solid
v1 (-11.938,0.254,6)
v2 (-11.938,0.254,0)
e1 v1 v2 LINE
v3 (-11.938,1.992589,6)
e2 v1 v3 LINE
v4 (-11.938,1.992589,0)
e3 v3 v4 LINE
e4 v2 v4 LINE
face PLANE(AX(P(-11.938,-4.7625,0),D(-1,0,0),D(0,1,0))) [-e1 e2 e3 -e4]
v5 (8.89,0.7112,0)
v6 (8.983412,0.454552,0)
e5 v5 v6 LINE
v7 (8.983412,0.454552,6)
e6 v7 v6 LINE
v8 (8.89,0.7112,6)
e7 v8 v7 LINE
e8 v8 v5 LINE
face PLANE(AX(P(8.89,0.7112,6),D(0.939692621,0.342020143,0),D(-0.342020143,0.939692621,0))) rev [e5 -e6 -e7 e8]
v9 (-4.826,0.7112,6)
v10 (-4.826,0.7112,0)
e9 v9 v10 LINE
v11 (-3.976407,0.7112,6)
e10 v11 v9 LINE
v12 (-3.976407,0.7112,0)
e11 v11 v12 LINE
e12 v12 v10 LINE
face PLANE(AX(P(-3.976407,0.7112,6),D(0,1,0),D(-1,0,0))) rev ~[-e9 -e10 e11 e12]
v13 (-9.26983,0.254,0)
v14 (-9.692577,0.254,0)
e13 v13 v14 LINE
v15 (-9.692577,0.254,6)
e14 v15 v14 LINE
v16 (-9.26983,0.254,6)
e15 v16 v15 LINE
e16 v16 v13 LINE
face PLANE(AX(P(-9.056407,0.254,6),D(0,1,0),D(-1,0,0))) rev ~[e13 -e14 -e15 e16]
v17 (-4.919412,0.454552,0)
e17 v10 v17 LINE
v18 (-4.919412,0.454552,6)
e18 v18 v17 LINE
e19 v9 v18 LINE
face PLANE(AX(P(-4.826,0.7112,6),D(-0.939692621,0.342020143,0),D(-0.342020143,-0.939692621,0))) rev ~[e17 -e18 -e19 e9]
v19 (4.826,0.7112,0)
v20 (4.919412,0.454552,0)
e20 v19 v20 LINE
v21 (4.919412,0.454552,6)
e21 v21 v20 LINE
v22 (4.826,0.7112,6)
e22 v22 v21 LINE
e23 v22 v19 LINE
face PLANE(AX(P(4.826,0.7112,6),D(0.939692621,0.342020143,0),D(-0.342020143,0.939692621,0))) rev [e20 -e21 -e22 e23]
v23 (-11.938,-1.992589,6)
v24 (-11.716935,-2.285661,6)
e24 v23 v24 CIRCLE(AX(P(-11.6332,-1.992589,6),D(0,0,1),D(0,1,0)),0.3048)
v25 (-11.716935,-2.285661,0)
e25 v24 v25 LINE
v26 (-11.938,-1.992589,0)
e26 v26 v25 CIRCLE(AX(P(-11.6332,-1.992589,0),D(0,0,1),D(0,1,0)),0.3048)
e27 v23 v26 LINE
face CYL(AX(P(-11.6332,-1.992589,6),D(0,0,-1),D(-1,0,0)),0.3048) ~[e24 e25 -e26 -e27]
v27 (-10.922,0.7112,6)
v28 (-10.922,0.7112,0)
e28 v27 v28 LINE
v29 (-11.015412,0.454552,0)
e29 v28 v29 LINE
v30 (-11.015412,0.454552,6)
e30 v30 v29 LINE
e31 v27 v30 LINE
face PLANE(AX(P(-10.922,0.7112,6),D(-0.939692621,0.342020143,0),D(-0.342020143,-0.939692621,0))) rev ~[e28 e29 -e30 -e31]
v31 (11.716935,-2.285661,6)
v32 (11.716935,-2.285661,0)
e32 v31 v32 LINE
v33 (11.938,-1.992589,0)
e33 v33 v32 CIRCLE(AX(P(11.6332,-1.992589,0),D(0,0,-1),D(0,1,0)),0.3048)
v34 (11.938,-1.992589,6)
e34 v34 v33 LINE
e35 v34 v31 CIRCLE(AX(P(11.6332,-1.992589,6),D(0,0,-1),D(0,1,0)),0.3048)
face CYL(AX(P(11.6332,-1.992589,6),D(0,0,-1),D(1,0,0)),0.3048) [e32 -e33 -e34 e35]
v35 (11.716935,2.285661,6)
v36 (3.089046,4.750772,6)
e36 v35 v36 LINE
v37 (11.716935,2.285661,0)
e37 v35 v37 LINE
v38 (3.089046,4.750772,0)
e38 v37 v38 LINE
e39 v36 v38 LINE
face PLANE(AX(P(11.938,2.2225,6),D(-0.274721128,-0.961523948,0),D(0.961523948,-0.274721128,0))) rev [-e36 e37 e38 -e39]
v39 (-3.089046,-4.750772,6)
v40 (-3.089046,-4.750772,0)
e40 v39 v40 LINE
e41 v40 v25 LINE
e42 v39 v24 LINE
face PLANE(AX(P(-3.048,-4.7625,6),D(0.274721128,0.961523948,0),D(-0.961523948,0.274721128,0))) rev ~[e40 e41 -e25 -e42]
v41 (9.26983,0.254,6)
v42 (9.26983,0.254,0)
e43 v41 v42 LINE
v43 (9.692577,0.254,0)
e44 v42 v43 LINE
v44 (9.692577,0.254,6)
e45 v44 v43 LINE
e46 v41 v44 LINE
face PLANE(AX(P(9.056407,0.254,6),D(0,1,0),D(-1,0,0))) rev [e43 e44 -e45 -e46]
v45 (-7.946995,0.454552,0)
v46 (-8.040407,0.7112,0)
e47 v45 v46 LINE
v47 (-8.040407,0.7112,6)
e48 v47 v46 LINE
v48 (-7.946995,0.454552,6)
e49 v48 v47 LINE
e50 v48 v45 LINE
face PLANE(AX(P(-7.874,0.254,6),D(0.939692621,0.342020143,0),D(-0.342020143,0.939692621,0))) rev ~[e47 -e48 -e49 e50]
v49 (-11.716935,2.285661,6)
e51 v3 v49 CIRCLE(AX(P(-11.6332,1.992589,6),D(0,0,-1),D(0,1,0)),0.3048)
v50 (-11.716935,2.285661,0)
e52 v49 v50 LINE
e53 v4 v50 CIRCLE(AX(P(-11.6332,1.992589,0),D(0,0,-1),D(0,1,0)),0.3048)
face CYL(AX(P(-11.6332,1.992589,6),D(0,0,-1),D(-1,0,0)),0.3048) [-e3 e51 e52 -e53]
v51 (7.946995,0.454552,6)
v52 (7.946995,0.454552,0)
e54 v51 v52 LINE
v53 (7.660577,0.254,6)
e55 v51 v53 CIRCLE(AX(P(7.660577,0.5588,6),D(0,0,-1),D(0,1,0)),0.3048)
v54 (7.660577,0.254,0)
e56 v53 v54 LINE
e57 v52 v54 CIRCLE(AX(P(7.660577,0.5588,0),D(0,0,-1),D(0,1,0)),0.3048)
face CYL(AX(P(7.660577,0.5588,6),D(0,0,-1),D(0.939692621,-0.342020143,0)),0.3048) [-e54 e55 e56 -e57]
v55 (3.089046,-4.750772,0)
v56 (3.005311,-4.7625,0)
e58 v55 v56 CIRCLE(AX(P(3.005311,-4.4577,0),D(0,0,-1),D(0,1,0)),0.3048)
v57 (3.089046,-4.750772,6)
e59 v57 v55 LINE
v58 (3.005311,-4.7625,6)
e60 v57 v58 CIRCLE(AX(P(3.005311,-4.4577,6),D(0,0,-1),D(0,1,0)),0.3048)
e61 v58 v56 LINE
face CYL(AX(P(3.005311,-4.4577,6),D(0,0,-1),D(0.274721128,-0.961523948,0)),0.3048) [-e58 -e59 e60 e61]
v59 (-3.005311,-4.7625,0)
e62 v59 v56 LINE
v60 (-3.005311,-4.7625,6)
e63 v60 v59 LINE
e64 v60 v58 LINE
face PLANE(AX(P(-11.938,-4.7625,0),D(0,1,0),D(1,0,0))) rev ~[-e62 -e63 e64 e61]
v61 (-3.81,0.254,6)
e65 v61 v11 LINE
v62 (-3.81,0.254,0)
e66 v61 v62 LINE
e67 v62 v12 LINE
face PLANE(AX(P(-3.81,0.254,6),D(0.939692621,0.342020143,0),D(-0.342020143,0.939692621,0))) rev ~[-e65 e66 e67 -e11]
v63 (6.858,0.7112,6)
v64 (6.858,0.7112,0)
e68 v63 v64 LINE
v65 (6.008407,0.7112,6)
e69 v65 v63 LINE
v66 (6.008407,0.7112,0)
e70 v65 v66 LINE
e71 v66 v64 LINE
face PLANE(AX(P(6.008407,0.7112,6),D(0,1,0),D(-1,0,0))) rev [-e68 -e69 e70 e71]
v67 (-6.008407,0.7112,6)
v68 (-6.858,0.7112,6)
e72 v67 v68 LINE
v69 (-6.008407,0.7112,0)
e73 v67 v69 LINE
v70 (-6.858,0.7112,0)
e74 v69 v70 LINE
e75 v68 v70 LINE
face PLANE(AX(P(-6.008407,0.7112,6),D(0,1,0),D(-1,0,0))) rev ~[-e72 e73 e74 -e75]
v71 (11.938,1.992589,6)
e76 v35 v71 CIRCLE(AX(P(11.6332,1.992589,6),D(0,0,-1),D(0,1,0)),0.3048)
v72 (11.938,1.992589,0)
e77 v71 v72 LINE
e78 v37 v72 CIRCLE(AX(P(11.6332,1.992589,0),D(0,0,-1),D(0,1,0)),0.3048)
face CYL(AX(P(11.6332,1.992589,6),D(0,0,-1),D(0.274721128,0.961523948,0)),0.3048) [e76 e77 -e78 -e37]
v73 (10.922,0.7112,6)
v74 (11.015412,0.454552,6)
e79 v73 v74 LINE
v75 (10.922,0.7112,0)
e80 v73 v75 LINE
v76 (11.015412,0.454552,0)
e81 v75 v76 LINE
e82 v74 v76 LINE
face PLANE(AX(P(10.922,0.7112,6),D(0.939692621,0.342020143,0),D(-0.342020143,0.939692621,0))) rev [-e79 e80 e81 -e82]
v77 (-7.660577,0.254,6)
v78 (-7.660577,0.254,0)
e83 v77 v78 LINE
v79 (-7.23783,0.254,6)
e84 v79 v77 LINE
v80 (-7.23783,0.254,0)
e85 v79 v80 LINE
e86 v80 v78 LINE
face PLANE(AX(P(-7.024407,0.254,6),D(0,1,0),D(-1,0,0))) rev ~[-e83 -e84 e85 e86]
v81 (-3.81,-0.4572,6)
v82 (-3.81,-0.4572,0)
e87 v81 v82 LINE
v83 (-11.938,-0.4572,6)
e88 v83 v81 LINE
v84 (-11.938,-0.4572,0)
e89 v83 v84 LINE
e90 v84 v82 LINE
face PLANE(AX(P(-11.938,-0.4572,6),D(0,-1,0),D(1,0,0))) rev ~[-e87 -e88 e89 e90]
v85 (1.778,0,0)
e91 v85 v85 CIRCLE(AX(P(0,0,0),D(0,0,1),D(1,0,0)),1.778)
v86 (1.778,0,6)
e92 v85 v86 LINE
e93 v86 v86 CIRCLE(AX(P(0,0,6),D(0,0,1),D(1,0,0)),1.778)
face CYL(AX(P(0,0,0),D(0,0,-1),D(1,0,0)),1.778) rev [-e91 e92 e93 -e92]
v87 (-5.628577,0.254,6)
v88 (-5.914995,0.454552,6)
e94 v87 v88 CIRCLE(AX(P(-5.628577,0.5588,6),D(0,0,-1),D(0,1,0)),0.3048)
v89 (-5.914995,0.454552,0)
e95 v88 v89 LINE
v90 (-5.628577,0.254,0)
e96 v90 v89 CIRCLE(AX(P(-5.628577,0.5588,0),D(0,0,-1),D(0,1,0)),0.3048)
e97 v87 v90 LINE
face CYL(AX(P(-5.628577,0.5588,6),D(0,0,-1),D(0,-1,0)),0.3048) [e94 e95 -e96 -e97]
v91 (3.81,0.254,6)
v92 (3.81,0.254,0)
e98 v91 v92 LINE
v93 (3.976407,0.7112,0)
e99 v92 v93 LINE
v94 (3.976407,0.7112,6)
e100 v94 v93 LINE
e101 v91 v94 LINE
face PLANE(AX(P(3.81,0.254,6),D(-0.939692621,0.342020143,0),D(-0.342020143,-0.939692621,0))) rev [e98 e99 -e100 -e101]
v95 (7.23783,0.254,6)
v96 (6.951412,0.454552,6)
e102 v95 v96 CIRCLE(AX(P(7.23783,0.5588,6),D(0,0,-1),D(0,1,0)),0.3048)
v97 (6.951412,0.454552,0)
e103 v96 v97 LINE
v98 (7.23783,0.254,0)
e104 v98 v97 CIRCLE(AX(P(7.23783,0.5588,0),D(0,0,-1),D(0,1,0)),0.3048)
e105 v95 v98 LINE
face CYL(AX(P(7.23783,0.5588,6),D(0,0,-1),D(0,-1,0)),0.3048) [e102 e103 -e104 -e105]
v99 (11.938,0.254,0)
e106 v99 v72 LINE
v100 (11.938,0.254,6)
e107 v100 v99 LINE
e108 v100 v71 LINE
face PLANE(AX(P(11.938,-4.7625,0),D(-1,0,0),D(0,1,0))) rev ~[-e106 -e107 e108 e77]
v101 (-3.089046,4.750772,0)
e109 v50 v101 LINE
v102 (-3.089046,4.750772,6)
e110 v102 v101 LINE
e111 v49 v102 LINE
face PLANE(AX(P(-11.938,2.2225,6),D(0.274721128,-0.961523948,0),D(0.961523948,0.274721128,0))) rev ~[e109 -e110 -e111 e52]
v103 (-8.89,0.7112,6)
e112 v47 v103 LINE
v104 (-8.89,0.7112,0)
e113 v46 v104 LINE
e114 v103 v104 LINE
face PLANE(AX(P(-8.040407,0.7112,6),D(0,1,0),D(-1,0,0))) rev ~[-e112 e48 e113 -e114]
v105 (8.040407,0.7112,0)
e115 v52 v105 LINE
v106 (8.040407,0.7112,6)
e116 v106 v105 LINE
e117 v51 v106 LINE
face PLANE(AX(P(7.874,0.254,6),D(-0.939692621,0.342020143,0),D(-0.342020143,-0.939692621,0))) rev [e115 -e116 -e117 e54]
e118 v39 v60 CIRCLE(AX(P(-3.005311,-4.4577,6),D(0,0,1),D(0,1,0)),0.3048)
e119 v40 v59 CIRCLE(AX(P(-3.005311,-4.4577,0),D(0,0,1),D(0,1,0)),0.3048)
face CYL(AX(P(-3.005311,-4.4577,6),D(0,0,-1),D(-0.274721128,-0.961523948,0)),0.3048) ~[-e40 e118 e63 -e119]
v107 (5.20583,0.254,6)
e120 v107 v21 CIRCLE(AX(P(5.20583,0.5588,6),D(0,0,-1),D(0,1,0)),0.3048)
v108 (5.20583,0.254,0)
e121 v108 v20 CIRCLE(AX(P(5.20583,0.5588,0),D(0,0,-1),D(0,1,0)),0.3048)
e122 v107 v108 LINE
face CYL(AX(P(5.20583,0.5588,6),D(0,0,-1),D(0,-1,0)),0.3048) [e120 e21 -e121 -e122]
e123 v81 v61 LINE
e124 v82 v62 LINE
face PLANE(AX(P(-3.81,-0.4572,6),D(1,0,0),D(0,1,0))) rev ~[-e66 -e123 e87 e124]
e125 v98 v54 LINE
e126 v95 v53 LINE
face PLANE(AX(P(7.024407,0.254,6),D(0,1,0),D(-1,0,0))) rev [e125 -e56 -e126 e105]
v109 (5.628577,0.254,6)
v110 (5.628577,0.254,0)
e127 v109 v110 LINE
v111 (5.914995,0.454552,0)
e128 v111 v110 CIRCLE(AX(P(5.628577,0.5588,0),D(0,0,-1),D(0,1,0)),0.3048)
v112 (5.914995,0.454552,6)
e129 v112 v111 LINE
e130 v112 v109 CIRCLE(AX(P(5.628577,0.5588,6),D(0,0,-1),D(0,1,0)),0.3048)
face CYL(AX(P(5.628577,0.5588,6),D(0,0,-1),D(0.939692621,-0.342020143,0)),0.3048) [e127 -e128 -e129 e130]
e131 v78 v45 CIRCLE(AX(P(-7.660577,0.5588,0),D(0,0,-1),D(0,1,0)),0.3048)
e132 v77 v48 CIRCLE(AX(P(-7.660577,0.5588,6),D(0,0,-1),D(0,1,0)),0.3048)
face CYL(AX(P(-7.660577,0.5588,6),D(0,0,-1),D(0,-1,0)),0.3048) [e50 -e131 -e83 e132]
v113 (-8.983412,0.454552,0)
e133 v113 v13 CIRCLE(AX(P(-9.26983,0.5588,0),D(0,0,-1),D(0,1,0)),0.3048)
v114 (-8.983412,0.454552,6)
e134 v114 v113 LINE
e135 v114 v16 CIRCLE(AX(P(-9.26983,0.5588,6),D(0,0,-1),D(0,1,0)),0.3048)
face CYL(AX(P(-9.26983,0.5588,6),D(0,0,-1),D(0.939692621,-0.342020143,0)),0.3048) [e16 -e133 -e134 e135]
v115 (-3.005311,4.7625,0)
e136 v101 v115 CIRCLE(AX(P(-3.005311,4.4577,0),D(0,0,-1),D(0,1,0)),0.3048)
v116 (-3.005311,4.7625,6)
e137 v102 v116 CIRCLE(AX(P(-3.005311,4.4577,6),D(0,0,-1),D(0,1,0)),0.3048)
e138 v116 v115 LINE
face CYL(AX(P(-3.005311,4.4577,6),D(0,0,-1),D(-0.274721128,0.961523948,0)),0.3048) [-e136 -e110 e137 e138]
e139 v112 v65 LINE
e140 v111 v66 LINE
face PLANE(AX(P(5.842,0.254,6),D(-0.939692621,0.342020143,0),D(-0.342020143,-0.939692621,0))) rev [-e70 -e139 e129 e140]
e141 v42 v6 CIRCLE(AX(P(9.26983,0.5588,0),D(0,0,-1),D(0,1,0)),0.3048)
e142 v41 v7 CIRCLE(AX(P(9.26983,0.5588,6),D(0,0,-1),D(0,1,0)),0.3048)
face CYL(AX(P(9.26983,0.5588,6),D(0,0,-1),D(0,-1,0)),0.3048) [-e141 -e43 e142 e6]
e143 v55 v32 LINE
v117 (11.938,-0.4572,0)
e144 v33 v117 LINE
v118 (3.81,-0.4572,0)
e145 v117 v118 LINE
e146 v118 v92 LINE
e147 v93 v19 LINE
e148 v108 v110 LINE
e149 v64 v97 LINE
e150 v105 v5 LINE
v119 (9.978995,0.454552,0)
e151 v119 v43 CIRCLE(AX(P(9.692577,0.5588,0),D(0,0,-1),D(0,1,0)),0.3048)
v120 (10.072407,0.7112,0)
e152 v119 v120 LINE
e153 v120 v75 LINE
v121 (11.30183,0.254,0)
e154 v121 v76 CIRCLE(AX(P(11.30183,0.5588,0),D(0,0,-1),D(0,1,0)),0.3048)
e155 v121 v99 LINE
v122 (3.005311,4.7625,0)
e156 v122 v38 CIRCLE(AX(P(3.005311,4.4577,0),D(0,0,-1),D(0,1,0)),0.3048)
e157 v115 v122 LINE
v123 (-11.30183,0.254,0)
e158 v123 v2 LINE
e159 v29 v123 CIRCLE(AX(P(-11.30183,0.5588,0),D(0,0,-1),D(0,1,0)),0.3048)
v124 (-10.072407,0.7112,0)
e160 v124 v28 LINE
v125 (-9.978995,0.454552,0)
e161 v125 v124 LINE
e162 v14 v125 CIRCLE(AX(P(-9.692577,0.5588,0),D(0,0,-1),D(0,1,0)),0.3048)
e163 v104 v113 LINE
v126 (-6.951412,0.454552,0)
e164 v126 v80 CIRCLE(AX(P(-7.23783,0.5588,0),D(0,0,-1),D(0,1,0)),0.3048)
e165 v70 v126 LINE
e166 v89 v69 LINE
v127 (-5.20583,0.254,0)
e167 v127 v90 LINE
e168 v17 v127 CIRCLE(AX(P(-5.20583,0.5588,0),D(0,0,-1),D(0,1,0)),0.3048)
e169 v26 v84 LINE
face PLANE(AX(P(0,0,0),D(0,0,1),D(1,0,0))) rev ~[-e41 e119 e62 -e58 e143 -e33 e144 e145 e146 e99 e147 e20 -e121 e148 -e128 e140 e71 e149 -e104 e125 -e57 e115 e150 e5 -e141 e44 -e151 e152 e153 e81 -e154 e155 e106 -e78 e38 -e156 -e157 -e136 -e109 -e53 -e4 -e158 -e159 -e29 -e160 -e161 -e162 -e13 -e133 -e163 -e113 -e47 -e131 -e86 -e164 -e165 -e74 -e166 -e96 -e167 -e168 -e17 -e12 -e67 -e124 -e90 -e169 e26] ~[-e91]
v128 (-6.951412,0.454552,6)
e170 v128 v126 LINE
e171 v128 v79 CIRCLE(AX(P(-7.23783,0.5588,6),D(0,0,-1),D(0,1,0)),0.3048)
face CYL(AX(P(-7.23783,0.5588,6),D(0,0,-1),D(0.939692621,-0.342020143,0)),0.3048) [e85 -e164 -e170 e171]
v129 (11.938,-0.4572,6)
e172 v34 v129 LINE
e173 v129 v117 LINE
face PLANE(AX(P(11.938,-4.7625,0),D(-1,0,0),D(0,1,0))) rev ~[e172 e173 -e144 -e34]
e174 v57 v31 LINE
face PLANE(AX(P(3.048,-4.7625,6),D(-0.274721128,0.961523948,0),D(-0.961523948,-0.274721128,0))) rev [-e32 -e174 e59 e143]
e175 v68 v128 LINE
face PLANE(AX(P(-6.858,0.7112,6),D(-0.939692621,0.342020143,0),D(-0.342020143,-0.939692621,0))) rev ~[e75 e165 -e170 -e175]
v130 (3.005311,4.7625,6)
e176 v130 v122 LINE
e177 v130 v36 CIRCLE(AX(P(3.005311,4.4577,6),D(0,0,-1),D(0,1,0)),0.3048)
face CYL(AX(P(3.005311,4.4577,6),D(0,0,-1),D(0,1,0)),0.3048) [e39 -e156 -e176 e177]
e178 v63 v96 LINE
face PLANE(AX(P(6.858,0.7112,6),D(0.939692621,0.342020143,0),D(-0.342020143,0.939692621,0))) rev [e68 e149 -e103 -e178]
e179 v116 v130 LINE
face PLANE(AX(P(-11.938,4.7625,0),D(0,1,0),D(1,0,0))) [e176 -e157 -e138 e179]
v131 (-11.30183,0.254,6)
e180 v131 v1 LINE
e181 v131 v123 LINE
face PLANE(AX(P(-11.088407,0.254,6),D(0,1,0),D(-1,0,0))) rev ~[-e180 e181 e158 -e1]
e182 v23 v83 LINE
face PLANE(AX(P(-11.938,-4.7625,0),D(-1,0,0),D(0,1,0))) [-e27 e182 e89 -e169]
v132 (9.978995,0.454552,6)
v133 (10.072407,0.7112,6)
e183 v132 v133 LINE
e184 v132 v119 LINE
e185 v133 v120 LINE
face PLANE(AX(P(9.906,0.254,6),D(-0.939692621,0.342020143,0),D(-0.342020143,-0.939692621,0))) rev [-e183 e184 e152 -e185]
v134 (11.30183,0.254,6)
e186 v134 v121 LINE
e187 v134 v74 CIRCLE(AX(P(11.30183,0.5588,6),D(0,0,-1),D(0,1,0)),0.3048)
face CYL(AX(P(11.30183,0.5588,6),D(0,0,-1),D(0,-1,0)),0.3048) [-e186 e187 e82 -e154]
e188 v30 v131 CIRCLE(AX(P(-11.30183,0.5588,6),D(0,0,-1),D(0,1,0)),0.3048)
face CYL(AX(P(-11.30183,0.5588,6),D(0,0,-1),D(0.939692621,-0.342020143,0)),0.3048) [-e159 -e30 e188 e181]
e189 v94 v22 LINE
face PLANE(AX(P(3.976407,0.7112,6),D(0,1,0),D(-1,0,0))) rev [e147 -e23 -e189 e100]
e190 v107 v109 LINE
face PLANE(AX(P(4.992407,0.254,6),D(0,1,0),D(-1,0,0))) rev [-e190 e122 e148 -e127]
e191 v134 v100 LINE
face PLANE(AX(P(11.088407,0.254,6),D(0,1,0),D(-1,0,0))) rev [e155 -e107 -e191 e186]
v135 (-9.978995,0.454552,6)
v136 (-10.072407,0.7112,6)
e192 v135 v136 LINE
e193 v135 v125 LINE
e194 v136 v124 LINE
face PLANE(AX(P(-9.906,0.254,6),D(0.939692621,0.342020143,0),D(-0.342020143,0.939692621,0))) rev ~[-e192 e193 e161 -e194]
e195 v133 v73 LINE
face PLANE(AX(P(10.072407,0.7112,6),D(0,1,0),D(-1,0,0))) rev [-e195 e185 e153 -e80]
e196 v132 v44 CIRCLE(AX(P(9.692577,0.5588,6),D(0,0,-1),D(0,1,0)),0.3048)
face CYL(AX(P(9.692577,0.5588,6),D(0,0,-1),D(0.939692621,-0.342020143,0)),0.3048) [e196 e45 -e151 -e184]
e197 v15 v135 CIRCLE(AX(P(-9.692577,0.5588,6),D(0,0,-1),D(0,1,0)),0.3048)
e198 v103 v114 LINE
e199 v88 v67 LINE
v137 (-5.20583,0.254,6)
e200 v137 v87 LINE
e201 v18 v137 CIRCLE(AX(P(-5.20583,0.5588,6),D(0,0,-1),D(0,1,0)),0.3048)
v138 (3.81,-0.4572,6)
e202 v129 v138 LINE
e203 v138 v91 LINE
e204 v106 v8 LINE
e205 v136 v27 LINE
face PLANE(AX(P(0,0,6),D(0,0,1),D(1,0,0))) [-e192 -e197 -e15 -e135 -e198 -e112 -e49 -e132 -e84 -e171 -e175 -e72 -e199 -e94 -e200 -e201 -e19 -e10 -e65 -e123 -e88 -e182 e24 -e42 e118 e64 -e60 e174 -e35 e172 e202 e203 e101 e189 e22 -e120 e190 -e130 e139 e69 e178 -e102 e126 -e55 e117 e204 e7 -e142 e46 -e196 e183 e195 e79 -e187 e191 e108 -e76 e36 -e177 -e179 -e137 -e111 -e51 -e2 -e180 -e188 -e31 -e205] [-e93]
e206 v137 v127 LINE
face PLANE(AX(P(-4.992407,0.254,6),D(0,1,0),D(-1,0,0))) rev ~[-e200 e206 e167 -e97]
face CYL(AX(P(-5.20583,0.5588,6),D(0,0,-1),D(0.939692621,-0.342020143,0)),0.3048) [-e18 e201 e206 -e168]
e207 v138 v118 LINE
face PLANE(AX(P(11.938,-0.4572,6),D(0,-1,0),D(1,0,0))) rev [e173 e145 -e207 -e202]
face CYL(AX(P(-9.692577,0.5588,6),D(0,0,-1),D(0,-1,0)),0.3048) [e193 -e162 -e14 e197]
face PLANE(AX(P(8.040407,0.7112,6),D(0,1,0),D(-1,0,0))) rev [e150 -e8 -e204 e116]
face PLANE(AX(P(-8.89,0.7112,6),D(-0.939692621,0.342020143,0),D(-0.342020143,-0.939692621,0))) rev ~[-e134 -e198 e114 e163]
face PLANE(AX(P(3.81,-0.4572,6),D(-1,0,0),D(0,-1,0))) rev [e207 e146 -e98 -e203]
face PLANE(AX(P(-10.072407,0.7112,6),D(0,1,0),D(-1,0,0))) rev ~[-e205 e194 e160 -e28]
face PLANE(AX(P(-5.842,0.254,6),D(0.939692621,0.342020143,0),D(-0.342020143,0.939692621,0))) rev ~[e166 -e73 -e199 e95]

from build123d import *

# Parameters (mm, degrees)
SKETCH1_W           = 23.876
SKETCH1_H           = 9.525
SKETCH1_R           = 1.778
BOSS_EXTRUDE1_DEPTH = 6
CUT_EXTRUDE3_DEPTH  = 15.184401653
FILLET1_R           = 0.3048


with BuildPart() as part:
    # Sketch1 → Boss-Extrude1 (new body)
    with BuildSketch(Plane.XY):
        Rectangle(SKETCH1_W, SKETCH1_H)
        Circle(SKETCH1_R, mode=Mode.SUBTRACT)
    extrude(amount=BOSS_EXTRUDE1_DEPTH)

    # Sketch2 → Cut-Extrude3 (cut, through all)
    with BuildSketch(Plane.XY.offset(6)):
        Polygon((-11.938, -0.4572), (-3.81, -0.4572), (-3.81, 0), (-3.81, 0.254), (-3.976407191, 0.7112), (-4.826, 0.7112), (-4.992407191, 0.254), (-5.842, 0.254), (-6.008407191, 0.7112), (-6.858, 0.7112), (-7.024407191, 0.254), (-7.874, 0.254), (-8.040407191, 0.7112), (-8.89, 0.7112), (-9.056407191, 0.254), (-9.906, 0.254), (-10.072407191, 0.7112), (-10.922, 0.7112), (-11.088407191, 0.254), (-11.938, 0.254), align=None)
        Polygon((-11.938, 4.7625), (-11.938, 2.2225), (-3.048, 4.7625), align=None)
        Polygon((-11.938, -2.2225), (-11.938, -4.7625), (-3.048, -4.7625), align=None)
    cut_extrude3 = extrude(amount=-CUT_EXTRUDE3_DEPTH, mode=Mode.SUBTRACT)

    # Mirror1: Cut-Extrude3 across plane
    add(cut_extrude3.mirror(Plane(origin=(0, 0, 0), x_dir=(0, 0, 1), z_dir=(1, 0, 0))), mode=Mode.SUBTRACT)

    # Fillet1
    fillet1_edges = [part.edges().sort_by_distance(p)[0] for p in [
        (4.992407191, 0.254, 3),
        (5.842, 0.254, 3),
        (7.024407191, 0.254, 3),
        (7.874, 0.254, 3),
        (9.056407191, 0.254, 3),
        (9.906, 0.254, 3),
        (11.088407191, 0.254, 3),
        (3.048, 4.7625, 3),
        (11.938, 2.2225, 3),
        (3.048, -4.7625, 3),
        (11.938, -2.2225, 3),
        (-11.088407191, 0.254, 3),
        (-9.906, 0.254, 3),
        (-9.056407191, 0.254, 3),
        (-7.874, 0.254, 3),
        (-7.024407191, 0.254, 3),
        (-5.842, 0.254, 3),
        (-4.992407191, 0.254, 3),
        (-3.048, 4.7625, 3),
        (-11.938, 2.2225, 3),
        (-11.938, -2.2225, 3),
        (-3.048, -4.7625, 3),
    ]]
    fillet(fillet1_edges, radius=FILLET1_R)


solid = part.part
